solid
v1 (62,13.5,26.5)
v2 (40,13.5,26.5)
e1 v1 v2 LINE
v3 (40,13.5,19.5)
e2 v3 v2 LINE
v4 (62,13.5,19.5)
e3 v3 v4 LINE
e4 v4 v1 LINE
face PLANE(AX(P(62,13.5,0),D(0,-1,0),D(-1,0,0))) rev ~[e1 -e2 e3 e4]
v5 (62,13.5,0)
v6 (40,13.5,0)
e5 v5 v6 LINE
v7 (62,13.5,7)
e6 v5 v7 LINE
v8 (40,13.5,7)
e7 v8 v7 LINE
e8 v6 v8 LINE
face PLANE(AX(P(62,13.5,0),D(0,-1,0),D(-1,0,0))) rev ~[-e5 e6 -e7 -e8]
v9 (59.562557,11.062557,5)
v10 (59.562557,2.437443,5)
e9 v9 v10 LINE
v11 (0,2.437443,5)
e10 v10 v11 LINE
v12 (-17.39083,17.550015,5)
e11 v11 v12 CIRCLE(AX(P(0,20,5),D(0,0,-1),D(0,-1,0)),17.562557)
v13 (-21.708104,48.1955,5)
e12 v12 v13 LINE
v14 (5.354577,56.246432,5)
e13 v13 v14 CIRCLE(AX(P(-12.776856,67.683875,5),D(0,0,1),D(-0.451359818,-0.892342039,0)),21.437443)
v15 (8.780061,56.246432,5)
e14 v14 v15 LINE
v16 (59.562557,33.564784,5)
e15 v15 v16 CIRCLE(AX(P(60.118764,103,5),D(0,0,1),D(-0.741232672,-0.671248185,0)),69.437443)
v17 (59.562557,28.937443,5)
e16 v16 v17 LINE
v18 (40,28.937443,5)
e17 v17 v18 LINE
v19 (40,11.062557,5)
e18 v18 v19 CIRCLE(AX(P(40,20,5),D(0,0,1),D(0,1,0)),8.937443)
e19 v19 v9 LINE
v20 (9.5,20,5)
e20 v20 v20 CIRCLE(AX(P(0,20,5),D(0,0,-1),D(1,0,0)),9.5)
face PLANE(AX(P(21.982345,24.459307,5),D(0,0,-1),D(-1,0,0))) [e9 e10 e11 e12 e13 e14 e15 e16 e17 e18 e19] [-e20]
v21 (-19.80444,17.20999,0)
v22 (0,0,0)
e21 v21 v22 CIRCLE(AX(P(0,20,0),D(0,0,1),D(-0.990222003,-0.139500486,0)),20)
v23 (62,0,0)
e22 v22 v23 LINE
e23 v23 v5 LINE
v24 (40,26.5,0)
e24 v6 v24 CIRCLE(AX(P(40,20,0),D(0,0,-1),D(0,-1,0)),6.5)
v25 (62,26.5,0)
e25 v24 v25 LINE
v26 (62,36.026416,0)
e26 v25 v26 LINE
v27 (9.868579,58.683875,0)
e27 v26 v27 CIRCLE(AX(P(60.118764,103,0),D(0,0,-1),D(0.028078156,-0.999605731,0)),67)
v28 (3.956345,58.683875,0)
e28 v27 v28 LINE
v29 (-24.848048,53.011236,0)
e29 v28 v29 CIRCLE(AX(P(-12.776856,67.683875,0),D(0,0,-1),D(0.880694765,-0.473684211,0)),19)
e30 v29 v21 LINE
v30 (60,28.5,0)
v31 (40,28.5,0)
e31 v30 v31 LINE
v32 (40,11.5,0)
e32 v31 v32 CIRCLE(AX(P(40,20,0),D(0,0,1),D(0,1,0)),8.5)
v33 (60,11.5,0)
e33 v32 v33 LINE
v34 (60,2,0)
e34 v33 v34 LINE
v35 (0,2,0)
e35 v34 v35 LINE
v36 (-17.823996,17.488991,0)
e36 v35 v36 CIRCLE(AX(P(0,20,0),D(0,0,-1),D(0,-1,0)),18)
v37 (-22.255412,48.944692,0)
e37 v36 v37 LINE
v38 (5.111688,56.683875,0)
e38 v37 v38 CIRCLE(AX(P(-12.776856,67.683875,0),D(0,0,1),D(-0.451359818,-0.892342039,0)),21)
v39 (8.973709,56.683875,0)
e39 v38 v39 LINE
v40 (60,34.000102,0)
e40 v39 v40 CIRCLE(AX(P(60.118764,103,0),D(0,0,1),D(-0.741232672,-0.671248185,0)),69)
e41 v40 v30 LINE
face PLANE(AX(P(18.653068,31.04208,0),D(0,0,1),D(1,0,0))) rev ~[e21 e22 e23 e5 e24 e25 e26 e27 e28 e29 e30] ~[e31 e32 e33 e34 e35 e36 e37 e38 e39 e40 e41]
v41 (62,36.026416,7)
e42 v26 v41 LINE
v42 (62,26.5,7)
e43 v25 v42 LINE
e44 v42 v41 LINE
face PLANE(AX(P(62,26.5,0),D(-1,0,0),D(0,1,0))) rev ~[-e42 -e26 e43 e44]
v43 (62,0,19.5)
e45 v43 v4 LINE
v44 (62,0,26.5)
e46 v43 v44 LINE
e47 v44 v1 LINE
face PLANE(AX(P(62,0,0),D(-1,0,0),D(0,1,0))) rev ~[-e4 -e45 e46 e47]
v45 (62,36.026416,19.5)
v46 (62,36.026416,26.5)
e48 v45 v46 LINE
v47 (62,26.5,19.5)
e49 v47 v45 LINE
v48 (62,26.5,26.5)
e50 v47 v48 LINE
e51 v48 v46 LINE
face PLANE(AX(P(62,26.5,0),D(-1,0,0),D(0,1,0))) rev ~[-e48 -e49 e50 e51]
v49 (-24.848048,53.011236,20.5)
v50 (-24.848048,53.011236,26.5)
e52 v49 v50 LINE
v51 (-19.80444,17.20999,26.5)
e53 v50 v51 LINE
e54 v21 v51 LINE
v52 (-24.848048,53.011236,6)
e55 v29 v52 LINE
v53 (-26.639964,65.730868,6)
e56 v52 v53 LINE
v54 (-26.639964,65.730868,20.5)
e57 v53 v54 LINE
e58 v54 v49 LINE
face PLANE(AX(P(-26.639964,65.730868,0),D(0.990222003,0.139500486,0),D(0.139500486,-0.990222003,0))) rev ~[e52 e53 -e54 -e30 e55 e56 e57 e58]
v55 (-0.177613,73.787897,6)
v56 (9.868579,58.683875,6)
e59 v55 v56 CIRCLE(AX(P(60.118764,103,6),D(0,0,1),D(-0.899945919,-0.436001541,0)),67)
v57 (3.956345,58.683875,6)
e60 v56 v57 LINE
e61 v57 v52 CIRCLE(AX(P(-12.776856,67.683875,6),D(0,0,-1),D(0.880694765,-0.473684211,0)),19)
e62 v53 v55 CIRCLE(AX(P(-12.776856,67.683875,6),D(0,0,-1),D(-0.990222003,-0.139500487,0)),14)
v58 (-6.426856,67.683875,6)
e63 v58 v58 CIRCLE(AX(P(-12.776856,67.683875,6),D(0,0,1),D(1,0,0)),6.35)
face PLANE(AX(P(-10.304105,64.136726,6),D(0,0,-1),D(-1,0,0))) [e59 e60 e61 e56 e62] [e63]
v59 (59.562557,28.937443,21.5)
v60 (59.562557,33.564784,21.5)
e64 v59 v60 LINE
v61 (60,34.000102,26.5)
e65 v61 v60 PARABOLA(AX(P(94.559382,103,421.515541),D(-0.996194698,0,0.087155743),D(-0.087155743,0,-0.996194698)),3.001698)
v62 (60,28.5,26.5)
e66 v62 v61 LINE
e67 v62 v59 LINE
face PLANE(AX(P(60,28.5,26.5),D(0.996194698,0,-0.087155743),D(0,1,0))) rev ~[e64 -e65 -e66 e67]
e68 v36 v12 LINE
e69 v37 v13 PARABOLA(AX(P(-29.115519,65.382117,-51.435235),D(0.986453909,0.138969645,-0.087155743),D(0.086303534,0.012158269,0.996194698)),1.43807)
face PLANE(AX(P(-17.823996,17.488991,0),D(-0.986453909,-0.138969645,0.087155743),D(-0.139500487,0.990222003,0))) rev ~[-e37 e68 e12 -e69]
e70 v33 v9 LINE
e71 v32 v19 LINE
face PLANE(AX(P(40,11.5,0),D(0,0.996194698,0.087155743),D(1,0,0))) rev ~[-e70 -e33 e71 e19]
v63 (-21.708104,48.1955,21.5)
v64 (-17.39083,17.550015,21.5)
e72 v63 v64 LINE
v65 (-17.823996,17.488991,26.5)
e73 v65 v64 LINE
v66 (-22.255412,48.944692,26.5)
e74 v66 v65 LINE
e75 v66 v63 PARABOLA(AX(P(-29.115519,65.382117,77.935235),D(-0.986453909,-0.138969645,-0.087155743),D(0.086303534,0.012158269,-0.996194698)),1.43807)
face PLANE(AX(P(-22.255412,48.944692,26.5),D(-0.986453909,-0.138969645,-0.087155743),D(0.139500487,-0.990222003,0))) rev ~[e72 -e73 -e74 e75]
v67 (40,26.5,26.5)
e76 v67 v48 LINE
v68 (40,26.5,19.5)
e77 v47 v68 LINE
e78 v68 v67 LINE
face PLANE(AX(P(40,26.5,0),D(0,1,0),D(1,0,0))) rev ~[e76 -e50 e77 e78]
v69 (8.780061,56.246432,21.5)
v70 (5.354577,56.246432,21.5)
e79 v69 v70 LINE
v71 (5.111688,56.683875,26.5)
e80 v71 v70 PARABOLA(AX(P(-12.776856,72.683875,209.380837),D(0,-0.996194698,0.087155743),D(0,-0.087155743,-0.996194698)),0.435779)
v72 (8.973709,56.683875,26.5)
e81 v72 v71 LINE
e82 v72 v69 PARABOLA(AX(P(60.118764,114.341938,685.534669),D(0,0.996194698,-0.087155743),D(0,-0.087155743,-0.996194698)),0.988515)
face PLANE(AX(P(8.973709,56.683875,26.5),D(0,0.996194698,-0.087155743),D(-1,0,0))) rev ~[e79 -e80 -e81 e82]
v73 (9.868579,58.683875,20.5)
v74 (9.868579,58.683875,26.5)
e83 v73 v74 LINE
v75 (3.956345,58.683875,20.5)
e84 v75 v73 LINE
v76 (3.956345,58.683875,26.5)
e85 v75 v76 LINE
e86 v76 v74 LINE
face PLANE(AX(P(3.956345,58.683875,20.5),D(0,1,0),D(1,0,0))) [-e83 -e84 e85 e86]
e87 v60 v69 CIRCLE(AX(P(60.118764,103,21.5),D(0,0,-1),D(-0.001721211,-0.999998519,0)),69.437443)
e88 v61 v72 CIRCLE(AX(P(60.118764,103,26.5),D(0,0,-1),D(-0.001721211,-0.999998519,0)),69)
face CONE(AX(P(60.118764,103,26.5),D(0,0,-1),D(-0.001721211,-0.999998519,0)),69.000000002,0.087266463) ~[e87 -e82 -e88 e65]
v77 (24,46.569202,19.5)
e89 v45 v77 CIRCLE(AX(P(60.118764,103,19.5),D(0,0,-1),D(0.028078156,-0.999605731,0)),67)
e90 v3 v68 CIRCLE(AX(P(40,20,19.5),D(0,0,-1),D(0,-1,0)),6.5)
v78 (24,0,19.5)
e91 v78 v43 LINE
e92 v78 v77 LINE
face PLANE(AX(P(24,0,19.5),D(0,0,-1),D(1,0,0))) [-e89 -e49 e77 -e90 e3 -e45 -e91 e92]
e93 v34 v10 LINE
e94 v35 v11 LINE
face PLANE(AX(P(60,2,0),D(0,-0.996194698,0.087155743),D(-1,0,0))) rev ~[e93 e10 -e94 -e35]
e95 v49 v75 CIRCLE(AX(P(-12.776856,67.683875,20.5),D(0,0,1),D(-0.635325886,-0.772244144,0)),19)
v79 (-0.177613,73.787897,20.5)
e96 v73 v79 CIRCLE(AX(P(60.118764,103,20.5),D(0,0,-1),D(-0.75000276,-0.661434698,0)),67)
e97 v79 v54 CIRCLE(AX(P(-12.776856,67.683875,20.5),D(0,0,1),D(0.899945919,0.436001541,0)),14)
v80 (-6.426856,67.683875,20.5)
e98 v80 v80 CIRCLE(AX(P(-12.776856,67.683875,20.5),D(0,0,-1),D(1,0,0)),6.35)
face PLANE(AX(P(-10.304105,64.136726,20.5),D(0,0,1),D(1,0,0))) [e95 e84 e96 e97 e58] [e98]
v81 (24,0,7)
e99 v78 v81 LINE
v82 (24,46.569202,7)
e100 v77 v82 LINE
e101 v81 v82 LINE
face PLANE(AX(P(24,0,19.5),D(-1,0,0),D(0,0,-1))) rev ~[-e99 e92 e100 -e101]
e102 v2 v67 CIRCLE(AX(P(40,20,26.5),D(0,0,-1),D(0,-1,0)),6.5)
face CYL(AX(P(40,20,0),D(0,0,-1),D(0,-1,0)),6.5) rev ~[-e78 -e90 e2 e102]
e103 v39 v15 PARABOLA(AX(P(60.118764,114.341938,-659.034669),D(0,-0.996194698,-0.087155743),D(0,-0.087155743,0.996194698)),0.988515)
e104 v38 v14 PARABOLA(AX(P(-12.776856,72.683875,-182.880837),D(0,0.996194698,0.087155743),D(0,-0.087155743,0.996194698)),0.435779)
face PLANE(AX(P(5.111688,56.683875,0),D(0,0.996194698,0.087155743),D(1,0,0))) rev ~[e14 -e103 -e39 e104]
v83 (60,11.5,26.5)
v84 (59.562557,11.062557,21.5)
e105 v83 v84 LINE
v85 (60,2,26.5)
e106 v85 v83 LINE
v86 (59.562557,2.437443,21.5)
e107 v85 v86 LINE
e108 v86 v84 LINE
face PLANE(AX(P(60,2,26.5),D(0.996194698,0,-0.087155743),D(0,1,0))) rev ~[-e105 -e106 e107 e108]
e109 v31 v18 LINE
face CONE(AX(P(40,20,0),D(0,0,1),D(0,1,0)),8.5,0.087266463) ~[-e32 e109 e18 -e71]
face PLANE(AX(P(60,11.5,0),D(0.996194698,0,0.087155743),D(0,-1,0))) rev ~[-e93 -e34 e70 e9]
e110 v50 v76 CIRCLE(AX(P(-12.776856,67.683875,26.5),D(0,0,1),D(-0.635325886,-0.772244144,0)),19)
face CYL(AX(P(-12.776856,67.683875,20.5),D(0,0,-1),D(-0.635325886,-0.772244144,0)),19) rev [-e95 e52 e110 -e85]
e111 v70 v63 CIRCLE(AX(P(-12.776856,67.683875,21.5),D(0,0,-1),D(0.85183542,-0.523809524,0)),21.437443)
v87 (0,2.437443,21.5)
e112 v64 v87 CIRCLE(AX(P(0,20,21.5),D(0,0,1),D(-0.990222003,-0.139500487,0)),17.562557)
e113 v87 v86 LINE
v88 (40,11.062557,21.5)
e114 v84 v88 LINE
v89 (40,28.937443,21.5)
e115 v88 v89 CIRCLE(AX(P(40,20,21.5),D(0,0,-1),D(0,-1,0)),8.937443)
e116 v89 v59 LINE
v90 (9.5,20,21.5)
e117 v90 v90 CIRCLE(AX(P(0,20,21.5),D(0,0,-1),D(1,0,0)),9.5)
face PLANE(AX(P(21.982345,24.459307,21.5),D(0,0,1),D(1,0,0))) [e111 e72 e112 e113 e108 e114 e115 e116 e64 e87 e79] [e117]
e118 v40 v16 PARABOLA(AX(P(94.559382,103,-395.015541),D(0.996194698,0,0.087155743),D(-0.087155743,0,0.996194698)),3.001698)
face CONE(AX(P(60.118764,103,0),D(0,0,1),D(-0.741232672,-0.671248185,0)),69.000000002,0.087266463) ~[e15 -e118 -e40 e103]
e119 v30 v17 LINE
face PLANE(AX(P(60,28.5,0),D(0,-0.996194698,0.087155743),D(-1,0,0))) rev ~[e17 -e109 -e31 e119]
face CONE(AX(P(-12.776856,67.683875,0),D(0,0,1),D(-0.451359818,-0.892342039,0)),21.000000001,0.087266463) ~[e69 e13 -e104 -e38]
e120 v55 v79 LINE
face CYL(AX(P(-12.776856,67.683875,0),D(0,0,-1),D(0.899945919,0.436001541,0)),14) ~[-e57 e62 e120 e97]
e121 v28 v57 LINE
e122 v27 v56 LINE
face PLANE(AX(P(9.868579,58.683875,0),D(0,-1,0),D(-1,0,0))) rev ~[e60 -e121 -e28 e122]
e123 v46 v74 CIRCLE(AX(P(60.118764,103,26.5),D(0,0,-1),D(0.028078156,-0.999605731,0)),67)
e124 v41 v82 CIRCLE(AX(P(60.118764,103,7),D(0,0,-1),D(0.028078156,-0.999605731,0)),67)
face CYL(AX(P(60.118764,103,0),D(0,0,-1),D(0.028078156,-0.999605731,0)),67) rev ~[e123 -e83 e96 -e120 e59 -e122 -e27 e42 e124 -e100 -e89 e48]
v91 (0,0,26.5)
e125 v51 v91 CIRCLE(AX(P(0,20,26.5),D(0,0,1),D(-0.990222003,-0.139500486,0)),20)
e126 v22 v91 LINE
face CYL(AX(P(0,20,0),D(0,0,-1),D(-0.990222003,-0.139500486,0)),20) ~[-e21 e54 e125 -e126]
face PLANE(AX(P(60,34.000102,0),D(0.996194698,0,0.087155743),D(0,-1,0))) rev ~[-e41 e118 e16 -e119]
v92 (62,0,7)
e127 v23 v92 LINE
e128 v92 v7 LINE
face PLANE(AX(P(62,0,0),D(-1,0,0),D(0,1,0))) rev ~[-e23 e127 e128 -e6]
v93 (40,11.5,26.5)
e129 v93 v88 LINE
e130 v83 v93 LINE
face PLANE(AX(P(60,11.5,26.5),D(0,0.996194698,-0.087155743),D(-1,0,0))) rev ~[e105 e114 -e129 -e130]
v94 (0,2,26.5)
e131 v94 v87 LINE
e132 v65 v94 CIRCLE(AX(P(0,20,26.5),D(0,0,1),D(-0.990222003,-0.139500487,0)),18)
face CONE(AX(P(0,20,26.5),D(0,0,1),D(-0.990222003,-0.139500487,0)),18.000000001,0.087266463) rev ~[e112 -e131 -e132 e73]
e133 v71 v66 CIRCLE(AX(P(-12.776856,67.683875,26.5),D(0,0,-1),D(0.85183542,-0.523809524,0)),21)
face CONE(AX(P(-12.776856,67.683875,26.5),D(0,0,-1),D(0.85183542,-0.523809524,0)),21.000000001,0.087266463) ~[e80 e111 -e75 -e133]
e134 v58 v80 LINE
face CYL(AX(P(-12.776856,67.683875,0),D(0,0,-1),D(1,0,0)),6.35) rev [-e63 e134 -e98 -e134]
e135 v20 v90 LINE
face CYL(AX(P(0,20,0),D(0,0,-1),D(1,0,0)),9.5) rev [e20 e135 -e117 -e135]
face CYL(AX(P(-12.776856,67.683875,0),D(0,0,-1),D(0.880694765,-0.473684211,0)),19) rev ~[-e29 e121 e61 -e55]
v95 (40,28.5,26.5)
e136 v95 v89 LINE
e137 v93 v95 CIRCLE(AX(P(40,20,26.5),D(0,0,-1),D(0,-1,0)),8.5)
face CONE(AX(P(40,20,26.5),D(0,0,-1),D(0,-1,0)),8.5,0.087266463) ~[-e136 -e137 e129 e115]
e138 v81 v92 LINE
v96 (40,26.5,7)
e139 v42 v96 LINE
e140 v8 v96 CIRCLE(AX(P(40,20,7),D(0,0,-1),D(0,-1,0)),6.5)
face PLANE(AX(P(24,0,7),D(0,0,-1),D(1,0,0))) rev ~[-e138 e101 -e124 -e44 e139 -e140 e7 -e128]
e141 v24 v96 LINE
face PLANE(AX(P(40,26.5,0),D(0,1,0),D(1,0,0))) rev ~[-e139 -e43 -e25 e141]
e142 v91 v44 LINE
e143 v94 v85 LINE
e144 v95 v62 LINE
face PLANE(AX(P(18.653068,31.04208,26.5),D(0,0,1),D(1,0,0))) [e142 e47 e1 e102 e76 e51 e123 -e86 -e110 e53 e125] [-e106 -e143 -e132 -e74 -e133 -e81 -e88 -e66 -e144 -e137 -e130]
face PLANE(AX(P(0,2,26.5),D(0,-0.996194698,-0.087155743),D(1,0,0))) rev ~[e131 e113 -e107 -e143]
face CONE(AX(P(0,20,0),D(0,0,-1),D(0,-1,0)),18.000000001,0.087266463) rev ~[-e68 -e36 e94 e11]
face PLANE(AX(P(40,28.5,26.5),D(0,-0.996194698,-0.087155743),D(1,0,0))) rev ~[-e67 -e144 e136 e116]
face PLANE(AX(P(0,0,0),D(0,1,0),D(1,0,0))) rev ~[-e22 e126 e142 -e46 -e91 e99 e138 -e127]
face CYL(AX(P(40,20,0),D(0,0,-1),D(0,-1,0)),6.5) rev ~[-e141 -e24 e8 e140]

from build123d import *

# Parameters (mm, degrees)
SKETCH1_R           = 9.5
SKETCH1_R_2         = 6.35
BOSS_EXTRUDE1_DEPTH = 26.5
SKETCH2_W           = 38
SKETCH2_H           = 12.5
CUT_EXTRUDE1_DEPTH  = 106.917446478
CUT_EXTRUDE3_START  = -6
CUT_EXTRUDE3_DEPTH  = 6
SKETCH6_R           = 6.35
CUT_EXTRUDE4_DEPTH  = 6
CUT_EXTRUDE6_DEPTH  = 5
CUT_EXTRUDE6_DRAFT  = -5
CUT_EXTRUDE7_DEPTH  = 5
CUT_EXTRUDE7_DRAFT  = -5


with BuildPart() as part:
    # Sketch1 → Boss-Extrude1 (new body)
    with BuildSketch(Plane.XY):
        with BuildLine():
            ThreePointArc((-19.80444005, 17.20999027), (-13.118685251, 4.903639601), (0, 0))
            Line((0, 0), (62, 0))
            Line((62, 0), (62, 13.5))
            Line((62, 13.5), (40, 13.5))
            ThreePointArc((40, 13.5), (33.5, 20), (40, 26.5))
            Line((40, 26.5), (62, 26.5))
            Line((62, 26.5), (62, 36.026416032))
            ThreePointArc((62, 36.026416032), (25.339969654, 45.733644305), (-0.177612992, 73.787896774))
            ThreePointArc((-0.177612992, 73.787896774), (-16.854632867, 81.076848535), (-26.639963888, 65.730868394))
            Line((-26.639963888, 65.730868394), (-19.80444005, 17.20999027))
        make_face()
        with Locations((0, 20)):
            Circle(SKETCH1_R, mode=Mode.SUBTRACT)
        with Locations((-12.776855853, 67.683875204)):
            Circle(SKETCH1_R_2, mode=Mode.SUBTRACT)
    extrude(amount=BOSS_EXTRUDE1_DEPTH)

    # Sketch2 → Cut-Extrude1 (cut, through all)
    with BuildSketch(Plane(origin=(0, 0, 0), x_dir=(1, 0, 0), z_dir=(0, 1, 0))):
        with Locations((43, -13.25)):
            Rectangle(SKETCH2_W, SKETCH2_H)
    extrude(amount=CUT_EXTRUDE1_DEPTH, mode=Mode.SUBTRACT)

    # Sketch3 → Cut-Extrude3 (cut)
    with BuildSketch(Plane.XY.offset(26.5).offset(CUT_EXTRUDE3_START)):
        with BuildLine():
            Line((3.956344678, 58.683875204), (9.868578653, 58.683875204))
            ThreePointArc((9.868578653, 58.683875204), (4.331951234, 65.89431889), (-0.177612992, 73.787896774))
            ThreePointArc((-0.177612992, 73.787896774), (-16.854632867, 81.076848535), (-26.639963888, 65.730868394))
            Line((-26.639963888, 65.730868394), (-24.848047694, 53.011236467))
            ThreePointArc((-24.848047694, 53.011236467), (-9.105576946, 49.041940992), (3.956344678, 58.683875204))
        make_face()
    extrude(amount=CUT_EXTRUDE3_DEPTH, mode=Mode.SUBTRACT)

    # Sketch6 → Cut-Extrude4 (cut)
    with BuildSketch(Plane(origin=(0, 0, 0), x_dir=(-1, 0, 0), z_dir=(0, 0, -1))):
        with BuildLine():
            Line((-9.868578653, 58.683875204), (-3.956344678, 58.683875204))
            ThreePointArc((-3.956344678, 58.683875204), (9.105576946, 49.041940992), (24.848047694, 53.011236467))
            Line((24.848047694, 53.011236467), (26.639963888, 65.730868394))
            ThreePointArc((26.639963888, 65.730868394), (16.854632867, 81.076848535), (0.177612992, 73.787896774))
            ThreePointArc((0.177612992, 73.787896774), (-4.331951234, 65.89431889), (-9.868578653, 58.683875204))
        make_face()
        with Locations((12.776855853, 67.683875204)):
            Circle(SKETCH6_R, mode=Mode.SUBTRACT)
    extrude(amount=-CUT_EXTRUDE4_DEPTH, mode=Mode.SUBTRACT)


with BuildPart() as cut_extrude6_tool:
    # Sketch7 → Cut-Extrude6 (with draft: the straight prism first)
    with BuildSketch(Plane.XY.offset(26.5)):
        with BuildLine():
            Line((8.973709214, 56.683875204), (5.111687967, 56.683875204))
            ThreePointArc((5.111687967, 56.683875204), (-7.062338313, 47.476344695), (-22.255412032, 48.944692384))
            Line((-22.255412032, 48.944692384), (-17.823996045, 17.488991243))
            ThreePointArc((-17.823996045, 17.488991243), (-11.806816725, 6.413275641), (0, 2))
            Line((0, 2), (60, 2))
            Line((60, 2), (60, 11.5))
            Line((60, 11.5), (40, 11.5))
            ThreePointArc((40, 11.5), (31.5, 20), (40, 28.5))
            Line((40, 28.5), (60, 28.5))
            Line((60, 28.5), (60, 34.000102209))
            ThreePointArc((60, 34.000102209), (32.089615412, 39.94948966), (8.973709214, 56.683875204))
        make_face()
    extrude(amount=-CUT_EXTRUDE6_DEPTH)
    # Cut-Extrude6: the draft: its side faces are tilted about the plane it starts from
    cut_extrude6_sides = [cut_extrude6_tool.faces().sort_by_distance(p)[0] for p in [
        (7.042698591, 56.683875204, 24),
        (-7.062338313, 47.476344695, 24),
        (-20.039704038, 33.216841814, 24),
        (-11.806816725, 6.413275641, 24),
        (30, 2, 24),
        (60, 6.75, 24),
        (50, 11.5, 24),
        (31.5, 20, 24),
        (50, 28.5, 24),
        (60, 31.250051104, 24),
        (32.089615412, 39.94948966, 24),
    ]]
    draft(cut_extrude6_sides, Plane.XY.offset(26.5), CUT_EXTRUDE6_DRAFT)


with BuildPart() as part_1:
    add(part.part)

    # Cut-Extrude6: cut by cut_extrude6_tool
    add(cut_extrude6_tool.part, mode=Mode.SUBTRACT)


with BuildPart() as cut_extrude7_tool:
    # Sketch8 → Cut-Extrude7 (with draft: the straight prism first)
    with BuildSketch(Plane(origin=(0, 0, 0), x_dir=(-1, 0, 0), z_dir=(0, 0, -1))):
        with BuildLine():
            Line((-5.111687967, 56.683875204), (-8.973709214, 56.683875204))
            ThreePointArc((-8.973709214, 56.683875204), (-32.089615412, 39.94948966), (-60, 34.000102209))
            Line((-60, 34.000102209), (-60, 28.5))
            Line((-60, 28.5), (-40, 28.5))
            ThreePointArc((-40, 28.5), (-31.5, 20), (-40, 11.5))
            Line((-40, 11.5), (-60, 11.5))
            Line((-60, 11.5), (-60, 2))
            Line((-60, 2), (0, 2))
            ThreePointArc((0, 2), (11.806816725, 6.413275641), (17.823996045, 17.488991243))
            Line((17.823996045, 17.488991243), (22.255412032, 48.944692384))
            ThreePointArc((22.255412032, 48.944692384), (7.062338313, 47.476344695), (-5.111687967, 56.683875204))
        make_face()
    extrude(amount=-CUT_EXTRUDE7_DEPTH)
    # Cut-Extrude7: the draft: its side faces are tilted about the plane it starts from
    cut_extrude7_sides = [cut_extrude7_tool.faces().sort_by_distance(p)[0] for p in [
        (7.042698591, 56.683875204, 2.5),
        (32.089615412, 39.94948966, 2.5),
        (60, 31.250051104, 2.5),
        (50, 28.5, 2.5),
        (31.5, 20, 2.5),
        (50, 11.5, 2.5),
        (60, 6.75, 2.5),
        (30, 2, 2.5),
        (-11.806816725, 6.413275641, 2.5),
        (-20.039704038, 33.216841814, 2.5),
        (-7.062338313, 47.476344695, 2.5),
    ]]
    draft(cut_extrude7_sides, Plane(origin=(0, 0, 0), x_dir=(-1, 0, 0), z_dir=(0, 0, -1)), CUT_EXTRUDE7_DRAFT)


with BuildPart() as part_2:
    add(part_1.part)

    # Cut-Extrude7: cut by cut_extrude7_tool
    add(cut_extrude7_tool.part, mode=Mode.SUBTRACT)


solid = part_2.part
